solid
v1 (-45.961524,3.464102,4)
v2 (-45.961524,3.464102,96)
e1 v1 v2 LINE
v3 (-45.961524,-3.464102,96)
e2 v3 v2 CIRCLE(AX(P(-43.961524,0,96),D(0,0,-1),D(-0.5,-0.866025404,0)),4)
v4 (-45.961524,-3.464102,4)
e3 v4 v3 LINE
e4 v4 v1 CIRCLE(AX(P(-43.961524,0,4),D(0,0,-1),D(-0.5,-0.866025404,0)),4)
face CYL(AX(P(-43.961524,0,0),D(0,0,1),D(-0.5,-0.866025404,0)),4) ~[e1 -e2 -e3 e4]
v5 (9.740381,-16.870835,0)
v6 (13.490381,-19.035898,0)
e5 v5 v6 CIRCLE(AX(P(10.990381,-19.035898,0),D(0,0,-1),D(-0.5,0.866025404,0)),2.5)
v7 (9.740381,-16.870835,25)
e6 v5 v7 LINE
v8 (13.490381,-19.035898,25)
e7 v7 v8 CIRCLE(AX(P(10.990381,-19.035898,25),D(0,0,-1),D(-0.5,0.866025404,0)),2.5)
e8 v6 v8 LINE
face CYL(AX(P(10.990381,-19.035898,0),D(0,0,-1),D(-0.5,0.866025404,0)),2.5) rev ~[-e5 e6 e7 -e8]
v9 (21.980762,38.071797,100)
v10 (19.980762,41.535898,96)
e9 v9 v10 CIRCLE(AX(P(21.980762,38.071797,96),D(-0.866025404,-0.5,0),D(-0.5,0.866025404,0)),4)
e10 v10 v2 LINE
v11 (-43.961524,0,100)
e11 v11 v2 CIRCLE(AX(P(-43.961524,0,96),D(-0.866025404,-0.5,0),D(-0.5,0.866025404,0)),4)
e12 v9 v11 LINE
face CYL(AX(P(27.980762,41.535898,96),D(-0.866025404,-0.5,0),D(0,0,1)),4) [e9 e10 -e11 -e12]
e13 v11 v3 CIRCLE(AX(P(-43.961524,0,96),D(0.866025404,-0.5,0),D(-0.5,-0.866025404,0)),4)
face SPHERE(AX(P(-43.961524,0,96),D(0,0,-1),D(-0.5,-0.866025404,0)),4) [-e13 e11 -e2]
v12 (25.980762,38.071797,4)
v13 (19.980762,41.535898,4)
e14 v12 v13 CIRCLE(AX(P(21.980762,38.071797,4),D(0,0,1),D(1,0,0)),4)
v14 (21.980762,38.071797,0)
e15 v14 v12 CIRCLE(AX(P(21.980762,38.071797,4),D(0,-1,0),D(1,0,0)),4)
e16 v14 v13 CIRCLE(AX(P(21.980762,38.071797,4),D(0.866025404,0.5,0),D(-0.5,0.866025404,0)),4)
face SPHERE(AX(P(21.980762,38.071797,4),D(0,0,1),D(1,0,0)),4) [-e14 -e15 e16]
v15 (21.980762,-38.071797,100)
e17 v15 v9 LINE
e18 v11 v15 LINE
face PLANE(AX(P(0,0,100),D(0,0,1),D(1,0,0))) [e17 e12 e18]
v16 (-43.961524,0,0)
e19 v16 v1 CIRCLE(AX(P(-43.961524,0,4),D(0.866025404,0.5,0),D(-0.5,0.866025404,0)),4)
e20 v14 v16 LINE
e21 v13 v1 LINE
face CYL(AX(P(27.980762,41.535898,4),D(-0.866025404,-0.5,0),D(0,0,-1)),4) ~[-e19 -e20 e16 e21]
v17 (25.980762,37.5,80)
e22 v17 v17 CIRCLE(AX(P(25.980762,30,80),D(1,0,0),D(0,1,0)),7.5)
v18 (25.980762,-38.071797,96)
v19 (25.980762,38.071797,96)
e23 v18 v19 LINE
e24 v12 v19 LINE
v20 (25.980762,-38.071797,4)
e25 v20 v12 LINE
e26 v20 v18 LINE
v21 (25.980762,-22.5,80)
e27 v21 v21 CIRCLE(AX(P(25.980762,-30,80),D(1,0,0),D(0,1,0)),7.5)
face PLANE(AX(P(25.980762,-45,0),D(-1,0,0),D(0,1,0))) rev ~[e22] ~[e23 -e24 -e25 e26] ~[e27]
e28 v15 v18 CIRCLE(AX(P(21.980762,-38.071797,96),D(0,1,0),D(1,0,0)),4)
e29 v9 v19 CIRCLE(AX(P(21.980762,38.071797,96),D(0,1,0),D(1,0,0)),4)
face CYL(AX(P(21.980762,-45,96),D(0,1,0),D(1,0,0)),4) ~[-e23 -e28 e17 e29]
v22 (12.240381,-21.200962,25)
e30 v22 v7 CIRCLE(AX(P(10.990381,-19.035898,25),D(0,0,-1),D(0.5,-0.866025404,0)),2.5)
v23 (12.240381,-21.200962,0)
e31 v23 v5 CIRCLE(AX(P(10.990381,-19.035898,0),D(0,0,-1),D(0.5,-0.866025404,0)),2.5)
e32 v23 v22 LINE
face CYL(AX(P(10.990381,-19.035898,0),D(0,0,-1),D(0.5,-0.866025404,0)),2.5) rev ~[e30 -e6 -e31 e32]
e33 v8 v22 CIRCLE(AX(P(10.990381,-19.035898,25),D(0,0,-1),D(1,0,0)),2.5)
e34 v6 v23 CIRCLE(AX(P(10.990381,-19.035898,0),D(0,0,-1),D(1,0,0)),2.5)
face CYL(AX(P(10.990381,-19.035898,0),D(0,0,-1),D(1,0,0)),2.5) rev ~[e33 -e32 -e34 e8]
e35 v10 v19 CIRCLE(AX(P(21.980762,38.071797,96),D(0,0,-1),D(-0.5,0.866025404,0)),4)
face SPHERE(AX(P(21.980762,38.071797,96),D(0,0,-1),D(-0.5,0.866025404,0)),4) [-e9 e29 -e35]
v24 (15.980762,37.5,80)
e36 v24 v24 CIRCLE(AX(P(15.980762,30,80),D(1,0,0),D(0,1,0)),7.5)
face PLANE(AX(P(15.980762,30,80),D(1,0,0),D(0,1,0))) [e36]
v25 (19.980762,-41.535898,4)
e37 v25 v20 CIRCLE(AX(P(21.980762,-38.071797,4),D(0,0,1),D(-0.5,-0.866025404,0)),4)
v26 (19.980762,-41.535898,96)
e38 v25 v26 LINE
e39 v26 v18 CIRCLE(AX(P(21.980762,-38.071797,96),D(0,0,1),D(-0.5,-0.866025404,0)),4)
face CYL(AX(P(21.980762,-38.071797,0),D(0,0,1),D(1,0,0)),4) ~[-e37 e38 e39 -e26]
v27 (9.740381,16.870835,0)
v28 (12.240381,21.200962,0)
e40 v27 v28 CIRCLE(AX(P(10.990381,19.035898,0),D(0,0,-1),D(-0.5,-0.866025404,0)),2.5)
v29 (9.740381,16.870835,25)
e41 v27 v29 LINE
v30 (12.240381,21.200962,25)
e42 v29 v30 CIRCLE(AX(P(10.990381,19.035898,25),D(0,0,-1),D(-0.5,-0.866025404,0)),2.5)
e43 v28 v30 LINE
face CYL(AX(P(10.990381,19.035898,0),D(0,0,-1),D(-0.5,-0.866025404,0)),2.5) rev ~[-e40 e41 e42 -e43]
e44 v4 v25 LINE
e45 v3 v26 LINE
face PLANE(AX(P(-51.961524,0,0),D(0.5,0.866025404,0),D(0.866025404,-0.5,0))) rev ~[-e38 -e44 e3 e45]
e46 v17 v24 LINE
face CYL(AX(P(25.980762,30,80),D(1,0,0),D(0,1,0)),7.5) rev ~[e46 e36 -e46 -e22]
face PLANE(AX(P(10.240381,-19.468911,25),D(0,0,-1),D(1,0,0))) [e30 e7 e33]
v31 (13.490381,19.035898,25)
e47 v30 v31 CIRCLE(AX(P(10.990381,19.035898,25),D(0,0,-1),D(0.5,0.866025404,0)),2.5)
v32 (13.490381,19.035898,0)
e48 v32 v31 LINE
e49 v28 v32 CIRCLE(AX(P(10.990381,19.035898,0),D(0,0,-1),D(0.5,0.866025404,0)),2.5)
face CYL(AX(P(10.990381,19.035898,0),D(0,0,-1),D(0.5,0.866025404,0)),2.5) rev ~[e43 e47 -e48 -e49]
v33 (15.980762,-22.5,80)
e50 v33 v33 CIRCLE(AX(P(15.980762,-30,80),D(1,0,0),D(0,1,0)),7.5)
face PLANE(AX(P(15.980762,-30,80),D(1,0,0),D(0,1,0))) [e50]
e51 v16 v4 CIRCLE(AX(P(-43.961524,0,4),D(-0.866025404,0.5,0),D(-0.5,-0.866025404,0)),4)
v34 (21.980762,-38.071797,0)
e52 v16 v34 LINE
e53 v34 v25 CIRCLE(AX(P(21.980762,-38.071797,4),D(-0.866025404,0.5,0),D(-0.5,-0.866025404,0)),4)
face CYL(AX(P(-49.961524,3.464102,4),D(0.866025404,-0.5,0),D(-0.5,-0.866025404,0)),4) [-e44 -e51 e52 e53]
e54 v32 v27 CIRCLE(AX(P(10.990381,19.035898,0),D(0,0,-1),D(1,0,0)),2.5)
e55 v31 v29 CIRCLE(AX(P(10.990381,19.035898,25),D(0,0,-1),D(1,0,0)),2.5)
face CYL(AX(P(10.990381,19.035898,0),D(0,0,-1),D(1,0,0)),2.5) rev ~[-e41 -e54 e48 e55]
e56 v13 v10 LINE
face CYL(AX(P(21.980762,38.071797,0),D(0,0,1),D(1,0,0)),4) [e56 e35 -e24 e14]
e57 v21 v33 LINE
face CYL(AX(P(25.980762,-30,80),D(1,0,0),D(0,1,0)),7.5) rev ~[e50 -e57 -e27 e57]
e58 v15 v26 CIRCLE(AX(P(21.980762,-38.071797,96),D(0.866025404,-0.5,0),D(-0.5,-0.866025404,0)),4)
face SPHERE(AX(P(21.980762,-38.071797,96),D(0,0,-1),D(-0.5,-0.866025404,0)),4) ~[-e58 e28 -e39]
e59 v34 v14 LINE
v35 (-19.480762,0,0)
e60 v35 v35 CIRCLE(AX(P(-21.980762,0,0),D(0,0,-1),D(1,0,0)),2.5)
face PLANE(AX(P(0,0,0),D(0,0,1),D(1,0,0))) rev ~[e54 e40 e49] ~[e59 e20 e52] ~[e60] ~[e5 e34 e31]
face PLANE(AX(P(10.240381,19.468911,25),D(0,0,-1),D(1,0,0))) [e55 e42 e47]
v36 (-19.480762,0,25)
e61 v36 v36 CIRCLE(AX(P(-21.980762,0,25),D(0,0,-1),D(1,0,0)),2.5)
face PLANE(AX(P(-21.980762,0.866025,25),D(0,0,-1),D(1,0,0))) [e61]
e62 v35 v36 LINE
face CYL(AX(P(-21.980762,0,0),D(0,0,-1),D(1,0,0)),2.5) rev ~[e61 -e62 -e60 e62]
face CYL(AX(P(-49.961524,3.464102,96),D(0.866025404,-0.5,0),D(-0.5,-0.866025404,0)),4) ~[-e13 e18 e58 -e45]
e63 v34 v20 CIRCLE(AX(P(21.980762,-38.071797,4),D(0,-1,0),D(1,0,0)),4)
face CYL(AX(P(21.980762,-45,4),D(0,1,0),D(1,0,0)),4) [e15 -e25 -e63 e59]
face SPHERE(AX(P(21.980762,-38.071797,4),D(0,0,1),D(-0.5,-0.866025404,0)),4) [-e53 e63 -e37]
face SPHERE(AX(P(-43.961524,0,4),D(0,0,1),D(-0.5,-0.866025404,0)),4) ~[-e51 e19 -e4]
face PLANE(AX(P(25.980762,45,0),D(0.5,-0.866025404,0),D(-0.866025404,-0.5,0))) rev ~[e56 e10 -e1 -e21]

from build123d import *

# Parameters (mm, degrees)
F1_DEPTH = 100
F2_R     = 7.5
F3_DEPTH = 10
F4_R     = 4
F6_DEPTH = 25


with BuildPart() as f1:
    # F0 (on Top) → F1 (new body)
    with BuildSketch(Plane.XY):
        Polygon((25.9807621135, -45), (25.9807621135, 45), (-51.9615242271, 0), align=None)
    extrude(amount=F1_DEPTH)

    # F2 (on face) → F3 (cut)
    with BuildSketch(Plane.YZ.offset(25.9807621135)):
        with Locations((-30, 80)):
            Circle(F2_R)
        with Locations((30, 80)):
            Circle(F2_R)
    extrude(amount=-F3_DEPTH, mode=Mode.SUBTRACT)

    # F4
    f4_edges = [f1.edges().sort_by_distance(p)[0] for p in [
        (25.980762, -45, 50),
        (25.980762, 45, 50),
        (-51.961524, 0, 50),
        (-12.990381, -22.5, 100),
        (-12.990381, 22.5, 100),
        (25.980762, 0, 100),
        (-12.990381, -22.5, 0),
        (25.980762, 0, 0),
        (-12.990381, 22.5, 0),
    ]]
    fillet(f4_edges, radius=F4_R)

    # F5 (on face) → F6 (cut)
    with BuildSketch(Plane(origin=(0, 0, 0), x_dir=(1, 0, 0), z_dir=(0, 0, -1))):
        with BuildLine():
            Line((12.2403810568, -21.2009618943), (9.7403810568, -16.8708348754))
            ThreePointArc((9.7403810568, -16.8708348754), (8.8253175473, -20.2858983849), (12.2403810568, -21.2009618943))
        make_face()
        with BuildLine():
            ThreePointArc((13.4903810568, -19.0358983849), (12.2403810568, -16.8708348754), (9.7403810568, -16.8708348754))
            Line((9.7403810568, -16.8708348754), (12.2403810568, -21.2009618943))
            ThreePointArc((12.2403810568, -21.2009618943), (13.1554445662, -20.2858983849), (13.4903810568, -19.0358983849))
        make_face()
        with BuildLine():
            ThreePointArc((-24.4807621135, 0), (-21.9807621135, -2.5), (-19.4807621135, 0))
            Line((-19.4807621135, 0), (-24.4807621135, 0))
        make_face()
        with BuildLine():
            Line((-24.4807621135, 0), (-19.4807621135, 0))
            ThreePointArc((-19.4807621135, 0), (-21.9807621135, 2.5), (-24.4807621135, 0))
        make_face()
        with BuildLine():
            ThreePointArc((12.2403810568, 21.2009618943), (8.8253175473, 20.2858983849), (9.7403810568, 16.8708348754))
            Line((9.7403810568, 16.8708348754), (12.2403810568, 21.2009618943))
        make_face()
        with BuildLine():
            Line((12.2403810568, 21.2009618943), (9.7403810568, 16.8708348754))
            ThreePointArc((9.7403810568, 16.8708348754), (12.2403810568, 16.8708348754), (13.4903810568, 19.0358983849))
            ThreePointArc((13.4903810568, 19.0358983849), (13.1554445662, 20.2858983849), (12.2403810568, 21.2009618943))
        make_face()
    extrude(amount=-F6_DEPTH, mode=Mode.SUBTRACT)


solid = f1.part
